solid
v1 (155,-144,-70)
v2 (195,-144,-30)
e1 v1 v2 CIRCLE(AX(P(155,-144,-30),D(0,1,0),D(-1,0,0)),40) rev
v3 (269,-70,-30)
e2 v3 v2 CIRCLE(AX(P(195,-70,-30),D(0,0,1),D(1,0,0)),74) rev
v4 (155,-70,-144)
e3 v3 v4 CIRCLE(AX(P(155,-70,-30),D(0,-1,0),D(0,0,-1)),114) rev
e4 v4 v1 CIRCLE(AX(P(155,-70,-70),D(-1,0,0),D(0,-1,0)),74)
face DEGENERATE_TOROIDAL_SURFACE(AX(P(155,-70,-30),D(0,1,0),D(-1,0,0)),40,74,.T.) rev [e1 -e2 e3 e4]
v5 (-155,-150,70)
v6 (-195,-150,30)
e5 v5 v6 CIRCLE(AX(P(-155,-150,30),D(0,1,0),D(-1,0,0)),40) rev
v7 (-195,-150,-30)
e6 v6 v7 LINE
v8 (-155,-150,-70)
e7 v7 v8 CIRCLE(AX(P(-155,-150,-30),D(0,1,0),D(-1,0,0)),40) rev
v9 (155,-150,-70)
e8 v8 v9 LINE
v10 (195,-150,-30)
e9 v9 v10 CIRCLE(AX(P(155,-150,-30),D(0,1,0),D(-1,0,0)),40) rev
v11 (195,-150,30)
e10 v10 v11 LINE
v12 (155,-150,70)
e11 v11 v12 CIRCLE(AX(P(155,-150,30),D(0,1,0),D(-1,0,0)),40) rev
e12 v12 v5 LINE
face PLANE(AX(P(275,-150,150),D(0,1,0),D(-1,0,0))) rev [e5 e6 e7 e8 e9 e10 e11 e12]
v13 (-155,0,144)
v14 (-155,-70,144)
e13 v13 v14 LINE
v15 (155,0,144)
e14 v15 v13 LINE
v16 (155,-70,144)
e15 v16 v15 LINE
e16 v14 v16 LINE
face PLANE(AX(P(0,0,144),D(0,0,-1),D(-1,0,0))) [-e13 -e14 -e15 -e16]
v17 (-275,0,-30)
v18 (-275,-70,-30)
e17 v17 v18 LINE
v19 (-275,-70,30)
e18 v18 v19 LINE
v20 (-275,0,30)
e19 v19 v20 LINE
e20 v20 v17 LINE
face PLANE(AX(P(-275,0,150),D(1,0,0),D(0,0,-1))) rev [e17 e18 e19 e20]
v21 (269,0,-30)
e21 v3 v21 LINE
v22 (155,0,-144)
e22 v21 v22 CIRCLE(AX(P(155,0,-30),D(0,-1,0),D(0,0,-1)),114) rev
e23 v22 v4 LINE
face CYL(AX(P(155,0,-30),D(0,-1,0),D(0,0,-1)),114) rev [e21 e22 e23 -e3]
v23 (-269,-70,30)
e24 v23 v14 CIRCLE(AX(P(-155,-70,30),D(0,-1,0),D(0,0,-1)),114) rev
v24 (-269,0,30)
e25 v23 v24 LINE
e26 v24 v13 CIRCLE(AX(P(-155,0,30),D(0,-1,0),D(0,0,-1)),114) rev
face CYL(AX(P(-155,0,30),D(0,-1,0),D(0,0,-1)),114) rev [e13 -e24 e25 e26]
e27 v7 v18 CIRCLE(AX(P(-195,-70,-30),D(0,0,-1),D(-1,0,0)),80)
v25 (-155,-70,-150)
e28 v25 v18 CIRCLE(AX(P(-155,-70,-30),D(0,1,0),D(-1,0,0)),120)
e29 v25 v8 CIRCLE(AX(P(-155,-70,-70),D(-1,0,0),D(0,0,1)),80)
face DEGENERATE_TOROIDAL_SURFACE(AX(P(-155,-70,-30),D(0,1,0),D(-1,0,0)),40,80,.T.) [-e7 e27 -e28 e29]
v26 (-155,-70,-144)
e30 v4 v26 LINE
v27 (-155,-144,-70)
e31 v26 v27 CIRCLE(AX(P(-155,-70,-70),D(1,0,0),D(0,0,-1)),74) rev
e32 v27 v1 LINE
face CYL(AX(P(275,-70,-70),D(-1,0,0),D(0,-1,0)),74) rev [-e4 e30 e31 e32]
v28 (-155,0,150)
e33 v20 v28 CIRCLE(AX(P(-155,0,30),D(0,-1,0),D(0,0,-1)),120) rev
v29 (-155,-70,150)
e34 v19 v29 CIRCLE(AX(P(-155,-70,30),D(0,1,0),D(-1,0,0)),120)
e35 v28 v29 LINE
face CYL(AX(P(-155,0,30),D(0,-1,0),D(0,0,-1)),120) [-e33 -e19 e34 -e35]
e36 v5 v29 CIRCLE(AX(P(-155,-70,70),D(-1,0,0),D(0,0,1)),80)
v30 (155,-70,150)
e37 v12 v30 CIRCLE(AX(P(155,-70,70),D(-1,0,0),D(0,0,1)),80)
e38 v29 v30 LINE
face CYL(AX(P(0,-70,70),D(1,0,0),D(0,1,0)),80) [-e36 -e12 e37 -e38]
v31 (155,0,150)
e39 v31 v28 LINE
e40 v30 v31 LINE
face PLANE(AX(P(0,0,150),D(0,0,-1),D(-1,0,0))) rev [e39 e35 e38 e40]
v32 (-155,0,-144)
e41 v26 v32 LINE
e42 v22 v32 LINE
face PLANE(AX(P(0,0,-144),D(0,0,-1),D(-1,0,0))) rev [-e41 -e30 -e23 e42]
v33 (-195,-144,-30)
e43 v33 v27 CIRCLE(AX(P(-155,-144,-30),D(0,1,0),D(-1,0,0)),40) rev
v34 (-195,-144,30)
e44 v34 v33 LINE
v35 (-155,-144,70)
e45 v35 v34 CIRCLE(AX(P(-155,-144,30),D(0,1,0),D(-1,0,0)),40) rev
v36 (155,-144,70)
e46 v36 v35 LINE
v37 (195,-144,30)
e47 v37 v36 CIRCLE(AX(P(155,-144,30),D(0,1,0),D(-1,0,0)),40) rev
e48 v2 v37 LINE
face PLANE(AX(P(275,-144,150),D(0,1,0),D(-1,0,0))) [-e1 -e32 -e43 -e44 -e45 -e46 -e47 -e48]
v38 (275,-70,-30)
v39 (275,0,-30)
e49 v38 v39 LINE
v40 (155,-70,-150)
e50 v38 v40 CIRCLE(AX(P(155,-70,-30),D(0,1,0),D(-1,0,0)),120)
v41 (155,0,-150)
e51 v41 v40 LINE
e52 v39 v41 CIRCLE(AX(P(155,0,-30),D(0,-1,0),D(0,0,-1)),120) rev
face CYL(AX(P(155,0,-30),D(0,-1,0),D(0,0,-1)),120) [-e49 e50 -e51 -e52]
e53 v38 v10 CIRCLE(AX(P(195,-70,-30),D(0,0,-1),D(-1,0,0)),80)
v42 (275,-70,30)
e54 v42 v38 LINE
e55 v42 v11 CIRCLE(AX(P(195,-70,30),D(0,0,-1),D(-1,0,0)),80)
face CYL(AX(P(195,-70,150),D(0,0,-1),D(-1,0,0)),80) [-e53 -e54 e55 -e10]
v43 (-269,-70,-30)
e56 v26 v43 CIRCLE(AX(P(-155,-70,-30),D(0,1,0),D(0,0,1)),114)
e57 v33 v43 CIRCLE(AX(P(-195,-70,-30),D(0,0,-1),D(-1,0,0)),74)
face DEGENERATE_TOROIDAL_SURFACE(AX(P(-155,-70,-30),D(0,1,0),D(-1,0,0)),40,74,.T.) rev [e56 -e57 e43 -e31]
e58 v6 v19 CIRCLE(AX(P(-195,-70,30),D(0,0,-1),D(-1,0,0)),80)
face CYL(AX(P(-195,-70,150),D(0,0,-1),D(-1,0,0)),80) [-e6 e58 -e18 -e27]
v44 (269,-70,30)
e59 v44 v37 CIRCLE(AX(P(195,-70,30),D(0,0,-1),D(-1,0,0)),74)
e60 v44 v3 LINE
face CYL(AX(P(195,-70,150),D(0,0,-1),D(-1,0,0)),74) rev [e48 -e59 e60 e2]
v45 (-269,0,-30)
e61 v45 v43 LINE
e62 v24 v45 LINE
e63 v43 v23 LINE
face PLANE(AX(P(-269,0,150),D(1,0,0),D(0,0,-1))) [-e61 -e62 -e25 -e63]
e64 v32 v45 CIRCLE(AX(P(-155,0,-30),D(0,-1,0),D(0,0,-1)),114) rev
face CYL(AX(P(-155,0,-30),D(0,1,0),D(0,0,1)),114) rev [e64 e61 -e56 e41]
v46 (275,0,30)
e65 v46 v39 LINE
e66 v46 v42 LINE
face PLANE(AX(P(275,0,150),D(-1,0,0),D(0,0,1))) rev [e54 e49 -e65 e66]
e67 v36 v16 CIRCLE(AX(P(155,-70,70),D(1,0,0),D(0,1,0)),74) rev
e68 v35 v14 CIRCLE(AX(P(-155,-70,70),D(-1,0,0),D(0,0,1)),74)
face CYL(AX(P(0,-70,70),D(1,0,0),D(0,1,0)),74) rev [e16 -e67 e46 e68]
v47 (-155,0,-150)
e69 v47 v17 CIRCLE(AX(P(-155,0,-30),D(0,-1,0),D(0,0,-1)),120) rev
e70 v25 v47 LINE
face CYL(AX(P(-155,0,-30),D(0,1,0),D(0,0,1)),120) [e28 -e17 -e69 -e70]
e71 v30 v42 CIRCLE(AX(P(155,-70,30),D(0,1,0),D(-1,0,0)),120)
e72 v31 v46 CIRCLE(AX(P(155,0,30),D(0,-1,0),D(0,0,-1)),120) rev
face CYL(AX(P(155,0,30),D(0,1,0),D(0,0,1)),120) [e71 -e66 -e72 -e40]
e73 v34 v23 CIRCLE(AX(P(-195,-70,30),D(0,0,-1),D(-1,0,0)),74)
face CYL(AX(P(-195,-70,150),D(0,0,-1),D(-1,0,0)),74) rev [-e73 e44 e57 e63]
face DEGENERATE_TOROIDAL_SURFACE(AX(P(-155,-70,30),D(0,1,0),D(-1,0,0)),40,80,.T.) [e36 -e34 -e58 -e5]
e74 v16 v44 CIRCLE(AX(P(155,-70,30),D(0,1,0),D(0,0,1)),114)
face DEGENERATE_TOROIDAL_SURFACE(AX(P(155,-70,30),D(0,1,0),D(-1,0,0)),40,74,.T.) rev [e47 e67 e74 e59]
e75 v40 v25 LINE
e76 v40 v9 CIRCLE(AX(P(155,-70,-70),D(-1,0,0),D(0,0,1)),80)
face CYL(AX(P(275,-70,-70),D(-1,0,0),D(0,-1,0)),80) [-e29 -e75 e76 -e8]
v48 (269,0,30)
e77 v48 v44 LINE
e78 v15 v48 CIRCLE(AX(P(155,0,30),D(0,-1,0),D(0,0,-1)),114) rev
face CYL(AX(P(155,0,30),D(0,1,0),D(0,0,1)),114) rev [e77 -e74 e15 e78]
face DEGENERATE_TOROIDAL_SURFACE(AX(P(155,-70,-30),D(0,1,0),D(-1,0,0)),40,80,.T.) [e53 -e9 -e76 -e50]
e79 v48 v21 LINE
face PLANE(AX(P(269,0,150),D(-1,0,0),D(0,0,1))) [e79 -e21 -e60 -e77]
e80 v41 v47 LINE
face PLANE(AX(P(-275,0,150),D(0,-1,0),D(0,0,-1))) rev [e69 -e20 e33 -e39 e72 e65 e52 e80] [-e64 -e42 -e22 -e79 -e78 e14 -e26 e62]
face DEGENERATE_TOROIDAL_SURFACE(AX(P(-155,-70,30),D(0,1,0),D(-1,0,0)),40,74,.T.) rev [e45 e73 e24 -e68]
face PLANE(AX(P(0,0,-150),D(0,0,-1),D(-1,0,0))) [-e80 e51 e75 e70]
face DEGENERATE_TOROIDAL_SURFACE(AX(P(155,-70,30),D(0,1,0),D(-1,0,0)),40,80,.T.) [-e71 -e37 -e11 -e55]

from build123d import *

# Parameters (mm, degrees)
CROQUIS1_W              = 550
CROQUIS1_H              = 150
SALIENTE_EXTRUIR1_DEPTH = 150
REDONDEO1_R             = 120
REDONDEO2_R             = 80
VACIADO1_T              = -6


with BuildPart() as part:
    # Croquis1 → Saliente-Extruir1 (new body, symmetric)
    with BuildSketch(Plane.XY):
        with Locations((0, -75)):
            Rectangle(CROQUIS1_W, CROQUIS1_H)
    extrude(amount=SALIENTE_EXTRUIR1_DEPTH, both=True)

    # Redondeo1
    redondeo1_edges = [part.edges().sort_by_distance(p)[0] for p in [
        (275, -75, 150),
        (-275, -75, 150),
        (275, -75, -150),
        (-275, -75, -150),
    ]]
    fillet(redondeo1_edges, radius=REDONDEO1_R)

    # Redondeo2
    redondeo2_edges = [part.edges().sort_by_distance(p)[0] for p in [
        (275, -150, 0),
        (0, -150, -150),
        (0, -150, 150),
        (-275, -150, 0),
        (-239.852813742, -150, 114.852813742),
        (-239.852813742, -150, -114.852813742),
        (239.852813742, -150, 114.852813742),
        (239.852813742, -150, -114.852813742),
    ]]
    fillet(redondeo2_edges, radius=REDONDEO2_R)

    # Vaciado1
    vaciado1_openings = [part.faces().sort_by_distance(p)[0] for p in [
        (0, 0, 0),
    ]]
    offset(amount=VACIADO1_T, openings=vaciado1_openings, kind=Kind.INTERSECTION)


solid = part.part
